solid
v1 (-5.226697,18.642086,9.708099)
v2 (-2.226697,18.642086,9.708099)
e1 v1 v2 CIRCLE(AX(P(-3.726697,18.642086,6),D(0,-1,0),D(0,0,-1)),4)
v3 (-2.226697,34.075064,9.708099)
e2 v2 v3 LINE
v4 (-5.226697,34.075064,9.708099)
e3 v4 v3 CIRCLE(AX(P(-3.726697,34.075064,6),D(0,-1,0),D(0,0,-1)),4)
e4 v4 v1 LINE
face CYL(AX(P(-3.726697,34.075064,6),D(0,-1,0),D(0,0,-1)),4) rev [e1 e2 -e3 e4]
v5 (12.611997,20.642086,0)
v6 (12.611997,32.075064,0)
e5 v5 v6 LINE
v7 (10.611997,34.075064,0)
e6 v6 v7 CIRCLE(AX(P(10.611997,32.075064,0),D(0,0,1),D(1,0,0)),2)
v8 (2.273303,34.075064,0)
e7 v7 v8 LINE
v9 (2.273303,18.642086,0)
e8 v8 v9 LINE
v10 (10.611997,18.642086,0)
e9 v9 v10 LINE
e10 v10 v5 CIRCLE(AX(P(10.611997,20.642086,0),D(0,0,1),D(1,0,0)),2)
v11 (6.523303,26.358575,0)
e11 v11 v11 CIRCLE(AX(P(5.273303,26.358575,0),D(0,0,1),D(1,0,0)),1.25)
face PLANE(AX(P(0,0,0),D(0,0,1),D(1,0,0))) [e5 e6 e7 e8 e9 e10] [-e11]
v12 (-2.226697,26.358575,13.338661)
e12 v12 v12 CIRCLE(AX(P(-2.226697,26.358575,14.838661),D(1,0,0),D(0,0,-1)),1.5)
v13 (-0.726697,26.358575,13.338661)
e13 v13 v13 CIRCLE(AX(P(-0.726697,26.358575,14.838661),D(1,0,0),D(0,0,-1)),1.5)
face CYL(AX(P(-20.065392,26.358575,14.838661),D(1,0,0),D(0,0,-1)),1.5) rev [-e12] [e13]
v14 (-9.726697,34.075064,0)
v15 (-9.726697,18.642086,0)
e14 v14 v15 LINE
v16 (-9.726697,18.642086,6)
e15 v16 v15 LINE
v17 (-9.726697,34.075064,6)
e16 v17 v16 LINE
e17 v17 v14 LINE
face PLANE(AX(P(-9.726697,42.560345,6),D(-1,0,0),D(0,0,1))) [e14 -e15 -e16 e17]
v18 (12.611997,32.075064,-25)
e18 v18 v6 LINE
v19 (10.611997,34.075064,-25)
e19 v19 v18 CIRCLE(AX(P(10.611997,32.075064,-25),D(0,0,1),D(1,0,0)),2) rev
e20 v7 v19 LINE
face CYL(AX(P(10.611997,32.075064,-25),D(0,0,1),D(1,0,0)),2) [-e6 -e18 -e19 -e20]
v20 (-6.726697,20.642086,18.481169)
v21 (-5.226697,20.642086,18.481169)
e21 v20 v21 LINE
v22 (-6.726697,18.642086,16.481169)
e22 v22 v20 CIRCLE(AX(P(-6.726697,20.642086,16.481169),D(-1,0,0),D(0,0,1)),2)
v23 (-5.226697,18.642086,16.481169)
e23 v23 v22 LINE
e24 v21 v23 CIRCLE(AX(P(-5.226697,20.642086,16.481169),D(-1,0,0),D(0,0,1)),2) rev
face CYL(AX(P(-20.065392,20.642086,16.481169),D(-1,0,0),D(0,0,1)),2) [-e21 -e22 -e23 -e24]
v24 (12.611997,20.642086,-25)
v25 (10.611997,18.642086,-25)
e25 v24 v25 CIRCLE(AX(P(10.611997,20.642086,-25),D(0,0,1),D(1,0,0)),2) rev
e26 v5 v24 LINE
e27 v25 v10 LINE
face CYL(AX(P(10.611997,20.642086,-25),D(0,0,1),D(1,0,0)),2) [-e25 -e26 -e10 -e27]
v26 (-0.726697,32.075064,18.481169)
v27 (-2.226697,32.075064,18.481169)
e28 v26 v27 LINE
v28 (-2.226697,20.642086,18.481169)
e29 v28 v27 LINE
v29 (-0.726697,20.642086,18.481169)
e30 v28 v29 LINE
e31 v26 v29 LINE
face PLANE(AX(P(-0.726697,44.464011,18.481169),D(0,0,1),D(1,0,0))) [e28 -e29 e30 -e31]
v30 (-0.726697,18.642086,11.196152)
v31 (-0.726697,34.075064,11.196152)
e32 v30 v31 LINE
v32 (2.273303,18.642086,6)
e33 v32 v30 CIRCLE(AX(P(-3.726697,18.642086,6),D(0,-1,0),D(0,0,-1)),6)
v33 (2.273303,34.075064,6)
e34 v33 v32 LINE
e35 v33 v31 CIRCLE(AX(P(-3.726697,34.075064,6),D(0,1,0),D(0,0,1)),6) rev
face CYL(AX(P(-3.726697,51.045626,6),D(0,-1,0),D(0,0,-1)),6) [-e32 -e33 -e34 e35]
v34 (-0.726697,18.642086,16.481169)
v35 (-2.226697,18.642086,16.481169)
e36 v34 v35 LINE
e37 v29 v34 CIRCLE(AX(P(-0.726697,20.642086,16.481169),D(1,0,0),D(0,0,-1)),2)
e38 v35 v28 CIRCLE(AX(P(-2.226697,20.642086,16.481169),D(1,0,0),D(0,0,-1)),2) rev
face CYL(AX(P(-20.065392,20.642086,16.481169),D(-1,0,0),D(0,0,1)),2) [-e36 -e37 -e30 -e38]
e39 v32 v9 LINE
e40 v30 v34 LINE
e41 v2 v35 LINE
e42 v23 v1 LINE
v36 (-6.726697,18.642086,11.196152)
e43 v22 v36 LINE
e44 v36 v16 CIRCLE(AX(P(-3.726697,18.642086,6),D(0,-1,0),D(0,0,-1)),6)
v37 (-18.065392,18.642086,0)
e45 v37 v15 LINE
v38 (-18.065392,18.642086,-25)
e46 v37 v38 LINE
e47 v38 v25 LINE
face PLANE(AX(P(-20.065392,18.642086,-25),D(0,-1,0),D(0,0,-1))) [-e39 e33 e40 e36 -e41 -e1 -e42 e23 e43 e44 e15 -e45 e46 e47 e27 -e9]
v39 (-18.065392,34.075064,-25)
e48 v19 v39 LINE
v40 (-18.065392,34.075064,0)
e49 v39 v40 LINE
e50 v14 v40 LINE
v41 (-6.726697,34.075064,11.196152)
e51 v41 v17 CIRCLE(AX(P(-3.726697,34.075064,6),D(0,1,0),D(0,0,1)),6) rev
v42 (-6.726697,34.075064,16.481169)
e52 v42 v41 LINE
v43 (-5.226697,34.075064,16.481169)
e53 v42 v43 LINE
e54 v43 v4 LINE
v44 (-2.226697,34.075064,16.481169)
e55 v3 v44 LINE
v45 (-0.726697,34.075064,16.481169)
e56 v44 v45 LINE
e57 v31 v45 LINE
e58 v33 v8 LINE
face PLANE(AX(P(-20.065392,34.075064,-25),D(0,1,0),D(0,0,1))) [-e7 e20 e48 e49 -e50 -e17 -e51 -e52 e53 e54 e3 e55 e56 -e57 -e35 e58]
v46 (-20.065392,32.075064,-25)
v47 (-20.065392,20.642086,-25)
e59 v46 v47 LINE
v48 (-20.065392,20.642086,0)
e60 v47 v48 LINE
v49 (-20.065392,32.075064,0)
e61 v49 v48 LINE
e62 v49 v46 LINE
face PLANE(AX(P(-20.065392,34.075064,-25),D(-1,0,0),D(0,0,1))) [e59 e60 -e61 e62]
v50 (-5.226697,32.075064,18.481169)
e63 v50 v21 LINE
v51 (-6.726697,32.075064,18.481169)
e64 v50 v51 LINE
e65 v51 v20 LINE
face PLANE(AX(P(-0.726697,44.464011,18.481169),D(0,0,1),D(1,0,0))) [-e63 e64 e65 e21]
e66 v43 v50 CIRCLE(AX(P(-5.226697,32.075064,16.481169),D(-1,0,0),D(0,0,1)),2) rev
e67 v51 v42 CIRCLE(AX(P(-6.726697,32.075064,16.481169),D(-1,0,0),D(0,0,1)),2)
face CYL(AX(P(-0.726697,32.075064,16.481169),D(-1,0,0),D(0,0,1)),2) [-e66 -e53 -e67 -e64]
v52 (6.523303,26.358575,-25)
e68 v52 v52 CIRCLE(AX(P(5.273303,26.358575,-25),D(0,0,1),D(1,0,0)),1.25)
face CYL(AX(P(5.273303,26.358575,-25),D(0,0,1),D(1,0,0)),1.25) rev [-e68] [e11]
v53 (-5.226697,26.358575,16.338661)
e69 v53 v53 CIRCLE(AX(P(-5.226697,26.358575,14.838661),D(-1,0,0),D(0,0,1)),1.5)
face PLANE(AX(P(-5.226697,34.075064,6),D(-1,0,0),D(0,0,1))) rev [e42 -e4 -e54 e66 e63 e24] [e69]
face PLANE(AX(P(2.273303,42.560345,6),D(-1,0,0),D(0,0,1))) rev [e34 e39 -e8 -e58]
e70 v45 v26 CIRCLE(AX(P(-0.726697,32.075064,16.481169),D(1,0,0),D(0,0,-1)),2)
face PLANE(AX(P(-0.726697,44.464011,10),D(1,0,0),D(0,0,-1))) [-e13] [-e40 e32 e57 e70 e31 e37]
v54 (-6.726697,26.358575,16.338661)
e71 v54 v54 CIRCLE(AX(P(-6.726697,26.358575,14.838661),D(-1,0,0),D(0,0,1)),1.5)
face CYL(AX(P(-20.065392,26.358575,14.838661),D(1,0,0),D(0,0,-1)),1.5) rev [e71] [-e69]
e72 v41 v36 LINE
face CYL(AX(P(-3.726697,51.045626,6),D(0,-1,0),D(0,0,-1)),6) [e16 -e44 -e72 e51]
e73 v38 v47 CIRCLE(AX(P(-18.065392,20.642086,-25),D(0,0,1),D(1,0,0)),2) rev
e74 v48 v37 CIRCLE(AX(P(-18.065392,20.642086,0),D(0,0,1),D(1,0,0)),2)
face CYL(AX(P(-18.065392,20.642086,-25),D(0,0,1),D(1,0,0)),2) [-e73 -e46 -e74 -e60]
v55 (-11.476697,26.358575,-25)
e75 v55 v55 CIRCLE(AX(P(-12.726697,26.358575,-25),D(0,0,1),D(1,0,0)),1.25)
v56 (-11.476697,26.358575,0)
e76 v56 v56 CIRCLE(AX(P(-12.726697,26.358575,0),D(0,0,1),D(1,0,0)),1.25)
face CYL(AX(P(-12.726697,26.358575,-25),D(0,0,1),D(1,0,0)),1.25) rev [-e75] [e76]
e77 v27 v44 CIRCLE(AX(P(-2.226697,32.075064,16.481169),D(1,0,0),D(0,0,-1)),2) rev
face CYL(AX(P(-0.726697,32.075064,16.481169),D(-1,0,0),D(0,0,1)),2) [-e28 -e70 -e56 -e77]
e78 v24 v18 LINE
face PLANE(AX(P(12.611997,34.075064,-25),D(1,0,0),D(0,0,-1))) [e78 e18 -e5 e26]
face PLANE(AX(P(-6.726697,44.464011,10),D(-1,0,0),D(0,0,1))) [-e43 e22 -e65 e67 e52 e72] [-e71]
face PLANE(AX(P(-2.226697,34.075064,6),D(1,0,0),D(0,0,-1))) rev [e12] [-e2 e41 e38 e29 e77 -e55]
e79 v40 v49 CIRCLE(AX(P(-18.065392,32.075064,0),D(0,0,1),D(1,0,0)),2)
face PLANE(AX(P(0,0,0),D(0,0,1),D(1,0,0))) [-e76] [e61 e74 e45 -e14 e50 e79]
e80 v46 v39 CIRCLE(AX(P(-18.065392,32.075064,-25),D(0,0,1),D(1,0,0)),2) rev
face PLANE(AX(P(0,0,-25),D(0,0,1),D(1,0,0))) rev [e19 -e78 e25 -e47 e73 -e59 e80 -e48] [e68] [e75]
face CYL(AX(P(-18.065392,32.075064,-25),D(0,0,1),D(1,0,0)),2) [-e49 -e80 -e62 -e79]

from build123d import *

# Parameters (mm, degrees)
SKETCH_1_W          = 32.677388302
SKETCH_1_H          = 15.432977872
EXTRUDE_1_DEPTH     = 25
SKETCH_2_R          = 1.25
CUT_EXTRUDE_1_DEPTH = 26
SKETCH_3_R          = 6
EXTRUDE_2_DEPTH     = 15.432978
SKETCH_4_R          = 4
CUT_EXTRUDE_2_DEPTH = 16.432978
EXTRUDE_3_DEPTH     = 15.432978
SKETCH_6_W          = 6
SKETCH_6_H          = 8.481168663
EXTRUDE_4_DEPTH     = 15.432978
SKETCH_8_W          = 3
SKETCH_8_H          = 25.378391716
CUT_EXTRUDE_5_DEPTH = 16.432978
SKETCH_9_R          = 1.5
CUT_EXTRUDE_6_DEPTH = 20.338694151
FILLET_1_R          = 2
FILLET_2_R          = 2


with BuildPart() as part:
    # 草图1 → 凸台-拉伸1 (new body)
    with BuildSketch(Plane.XY):
        with Locations((-3.726697353, 26.358574689)):
            Rectangle(SKETCH_1_W, SKETCH_1_H)
    extrude(amount=-EXTRUDE_1_DEPTH)

    # 草图2 → 切除-拉伸1 (cut, through all)
    with BuildSketch(Plane.XY):
        with Locations((-12.726697353, 26.358574689)):
            Circle(SKETCH_2_R)
        with Locations((5.273302647, 26.358574689)):
            Circle(SKETCH_2_R)
    extrude(amount=-CUT_EXTRUDE_1_DEPTH, mode=Mode.SUBTRACT)



with BuildPart() as body_2:
    # 草图3 → 凸台-拉伸2 (new body)
    with BuildSketch(Plane.XZ.offset(-18.642085753)):
        with Locations((-3.726697353, 6)):
            Circle(SKETCH_3_R)
    extrude(amount=-EXTRUDE_2_DEPTH)

    # 草图4 → 切除-拉伸2 (cut, through all)
    with BuildSketch(Plane.XZ.offset(-18.642085753)):
        with Locations((-3.726697353, 6)):
            Circle(SKETCH_4_R)
    extrude(amount=-CUT_EXTRUDE_2_DEPTH, mode=Mode.SUBTRACT)


with BuildPart() as part_1:
    add(part.part)

    add(body_2.part)  # 凸台-拉伸3 merges body 2
    # 草图5 → 凸台-拉伸3 (add)
    with BuildSketch(Plane.XZ.offset(-18.642085753)):
        Polygon((-3.726697353, 0), (-9.726697353, 6), (-9.726697353, 0), align=None)
        Polygon((2.273302647, 6), (-3.726697353, 0), (2.273302647, 0), align=None)
    extrude(amount=-EXTRUDE_3_DEPTH)

    # 草图6 → 凸台-拉伸4 (add)
    with BuildSketch(Plane.XZ.offset(-18.642085753)):
        with Locations((-3.726697353, 14.240584332)):
            Rectangle(SKETCH_6_W, SKETCH_6_H)
    extrude(amount=-EXTRUDE_4_DEPTH)

    # 草图8 → 切除-拉伸5 (cut, through all)
    with BuildSketch(Plane.XZ.offset(-18.642085753)):
        with Locations((-3.726697353, 18.689195858)):
            Rectangle(SKETCH_8_W, SKETCH_8_H)
    extrude(amount=-CUT_EXTRUDE_5_DEPTH, mode=Mode.SUBTRACT)

    # 草图9 → 切除-拉伸6 (cut, through all)
    with BuildSketch(Plane(origin=(-0.726697353, 0, 0), x_dir=(0, 0, -1), z_dir=(1, 0, 0))):
        with Locations((-14.838660543, 26.358574689)):
            Circle(SKETCH_9_R)
    extrude(amount=-CUT_EXTRUDE_6_DEPTH, mode=Mode.SUBTRACT)

    # 圆角1
    fillet_1_edges = [part_1.edges().sort_by_distance(p)[0] for p in [
        (12.611996798, 18.642085753, -12.5),
        (-20.065391504, 18.642085753, -12.5),
        (-20.065391504, 34.075063625, -12.5),
        (12.611996798, 34.075063625, -12.5),
    ]]
    fillet(fillet_1_edges, radius=FILLET_1_R)

    # 圆角2
    fillet_2_edges = [part_1.edges().sort_by_distance(p)[0] for p in [
        (-1.476697353, 18.642085753, 18.481168663),
        (-1.476697353, 34.075063753, 18.481168663),
        (-5.976697353, 34.075063753, 18.481168663),
        (-5.976697353, 18.642085753, 18.481168663),
    ]]
    fillet(fillet_2_edges, radius=FILLET_2_R)


solid = part_1.part
